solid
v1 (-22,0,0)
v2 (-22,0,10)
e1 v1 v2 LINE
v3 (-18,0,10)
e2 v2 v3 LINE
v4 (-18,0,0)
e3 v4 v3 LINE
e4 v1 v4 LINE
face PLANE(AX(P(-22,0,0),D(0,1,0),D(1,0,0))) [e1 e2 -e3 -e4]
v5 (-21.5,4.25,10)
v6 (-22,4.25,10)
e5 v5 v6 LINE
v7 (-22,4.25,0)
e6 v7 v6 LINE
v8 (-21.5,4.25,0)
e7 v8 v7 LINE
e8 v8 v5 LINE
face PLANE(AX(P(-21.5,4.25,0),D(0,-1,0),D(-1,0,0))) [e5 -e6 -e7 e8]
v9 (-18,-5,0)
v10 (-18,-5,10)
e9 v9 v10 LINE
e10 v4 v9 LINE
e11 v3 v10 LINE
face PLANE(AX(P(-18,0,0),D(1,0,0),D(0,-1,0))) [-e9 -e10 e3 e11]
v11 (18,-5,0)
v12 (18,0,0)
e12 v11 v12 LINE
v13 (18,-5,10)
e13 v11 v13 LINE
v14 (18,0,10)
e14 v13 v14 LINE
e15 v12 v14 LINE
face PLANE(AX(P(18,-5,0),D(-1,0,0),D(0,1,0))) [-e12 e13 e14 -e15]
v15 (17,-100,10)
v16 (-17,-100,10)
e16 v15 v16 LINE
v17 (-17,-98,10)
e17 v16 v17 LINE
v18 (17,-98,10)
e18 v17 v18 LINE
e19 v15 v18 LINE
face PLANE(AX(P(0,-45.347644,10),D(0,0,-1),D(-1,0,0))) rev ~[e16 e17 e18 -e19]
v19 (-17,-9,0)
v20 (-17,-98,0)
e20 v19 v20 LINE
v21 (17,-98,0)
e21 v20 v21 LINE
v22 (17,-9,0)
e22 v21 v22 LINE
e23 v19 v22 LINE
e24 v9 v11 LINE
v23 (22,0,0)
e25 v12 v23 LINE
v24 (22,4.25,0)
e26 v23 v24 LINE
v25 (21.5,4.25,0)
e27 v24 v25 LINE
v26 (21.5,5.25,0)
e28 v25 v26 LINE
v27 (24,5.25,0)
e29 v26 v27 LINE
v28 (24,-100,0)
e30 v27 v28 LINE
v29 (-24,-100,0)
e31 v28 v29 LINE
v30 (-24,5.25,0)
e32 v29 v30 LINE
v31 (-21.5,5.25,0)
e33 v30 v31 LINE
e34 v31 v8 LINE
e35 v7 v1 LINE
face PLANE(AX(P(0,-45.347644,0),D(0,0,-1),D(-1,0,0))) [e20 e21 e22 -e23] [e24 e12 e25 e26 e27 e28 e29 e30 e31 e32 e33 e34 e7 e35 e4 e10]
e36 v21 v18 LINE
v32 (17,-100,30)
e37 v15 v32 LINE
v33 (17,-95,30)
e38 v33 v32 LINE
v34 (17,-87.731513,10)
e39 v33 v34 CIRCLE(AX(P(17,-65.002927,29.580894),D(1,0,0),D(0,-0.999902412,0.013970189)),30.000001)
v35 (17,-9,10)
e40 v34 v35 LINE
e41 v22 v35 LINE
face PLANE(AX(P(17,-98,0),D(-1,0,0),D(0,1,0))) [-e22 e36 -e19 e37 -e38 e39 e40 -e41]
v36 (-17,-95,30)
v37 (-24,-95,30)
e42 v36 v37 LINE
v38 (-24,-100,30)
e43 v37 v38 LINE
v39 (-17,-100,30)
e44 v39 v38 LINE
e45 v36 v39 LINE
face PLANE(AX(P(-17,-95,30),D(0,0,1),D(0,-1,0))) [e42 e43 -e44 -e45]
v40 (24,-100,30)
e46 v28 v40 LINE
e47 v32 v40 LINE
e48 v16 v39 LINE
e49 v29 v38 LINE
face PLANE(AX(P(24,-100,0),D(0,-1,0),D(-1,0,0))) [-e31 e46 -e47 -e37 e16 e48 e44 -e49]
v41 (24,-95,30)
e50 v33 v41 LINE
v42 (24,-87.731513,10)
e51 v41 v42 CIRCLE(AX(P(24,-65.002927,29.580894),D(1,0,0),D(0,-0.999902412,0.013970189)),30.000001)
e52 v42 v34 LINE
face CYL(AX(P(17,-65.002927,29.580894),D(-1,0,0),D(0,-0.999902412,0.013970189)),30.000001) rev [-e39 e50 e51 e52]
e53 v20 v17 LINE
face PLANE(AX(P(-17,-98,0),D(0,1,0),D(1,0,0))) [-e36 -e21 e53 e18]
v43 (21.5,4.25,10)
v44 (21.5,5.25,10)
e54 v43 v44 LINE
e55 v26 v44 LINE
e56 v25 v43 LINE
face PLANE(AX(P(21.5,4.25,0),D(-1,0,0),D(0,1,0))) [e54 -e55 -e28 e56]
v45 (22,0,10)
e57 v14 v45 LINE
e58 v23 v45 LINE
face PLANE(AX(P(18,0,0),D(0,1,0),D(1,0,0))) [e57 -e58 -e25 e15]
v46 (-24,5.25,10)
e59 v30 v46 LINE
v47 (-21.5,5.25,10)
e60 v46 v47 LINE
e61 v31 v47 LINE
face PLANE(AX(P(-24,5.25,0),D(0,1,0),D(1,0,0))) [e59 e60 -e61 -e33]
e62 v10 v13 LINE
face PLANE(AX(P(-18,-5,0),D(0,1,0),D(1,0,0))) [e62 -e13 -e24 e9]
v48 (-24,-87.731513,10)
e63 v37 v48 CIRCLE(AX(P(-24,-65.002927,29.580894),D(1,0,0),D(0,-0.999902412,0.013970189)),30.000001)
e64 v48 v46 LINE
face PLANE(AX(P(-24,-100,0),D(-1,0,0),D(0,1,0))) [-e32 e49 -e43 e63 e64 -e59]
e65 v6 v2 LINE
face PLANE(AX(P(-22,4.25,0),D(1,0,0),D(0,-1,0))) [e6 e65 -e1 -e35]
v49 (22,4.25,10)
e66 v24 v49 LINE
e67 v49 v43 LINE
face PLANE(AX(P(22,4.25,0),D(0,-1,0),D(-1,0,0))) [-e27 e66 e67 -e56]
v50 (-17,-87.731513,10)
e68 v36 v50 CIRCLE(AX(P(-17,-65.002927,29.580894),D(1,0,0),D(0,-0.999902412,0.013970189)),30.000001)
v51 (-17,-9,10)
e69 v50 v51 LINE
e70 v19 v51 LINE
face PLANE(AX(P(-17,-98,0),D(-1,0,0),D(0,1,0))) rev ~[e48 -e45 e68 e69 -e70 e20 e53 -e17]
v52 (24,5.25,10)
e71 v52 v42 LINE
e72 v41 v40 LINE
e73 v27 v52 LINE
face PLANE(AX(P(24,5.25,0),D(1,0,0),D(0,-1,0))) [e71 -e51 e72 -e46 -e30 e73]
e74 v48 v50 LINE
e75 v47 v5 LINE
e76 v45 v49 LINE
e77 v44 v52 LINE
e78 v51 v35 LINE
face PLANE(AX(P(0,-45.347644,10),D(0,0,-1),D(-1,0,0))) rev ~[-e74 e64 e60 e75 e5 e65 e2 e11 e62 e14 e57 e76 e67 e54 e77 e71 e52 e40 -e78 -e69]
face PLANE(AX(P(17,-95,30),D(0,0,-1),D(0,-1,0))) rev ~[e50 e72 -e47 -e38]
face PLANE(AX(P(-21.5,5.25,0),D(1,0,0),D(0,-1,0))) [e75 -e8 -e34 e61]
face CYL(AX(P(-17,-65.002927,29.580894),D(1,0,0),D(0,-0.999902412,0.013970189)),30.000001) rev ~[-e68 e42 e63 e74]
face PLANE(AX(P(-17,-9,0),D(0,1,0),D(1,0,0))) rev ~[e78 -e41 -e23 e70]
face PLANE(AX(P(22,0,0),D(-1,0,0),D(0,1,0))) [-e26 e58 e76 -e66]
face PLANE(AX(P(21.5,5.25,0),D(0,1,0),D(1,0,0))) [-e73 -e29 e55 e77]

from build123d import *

# Parameters (mm, degrees)
SKETCH_W     = 34
SKETCH_H     = 89
PAD_DEPTH    = 10
PAD001_DEPTH = 7
PAD002_DEPTH = 7


with BuildPart() as part:
    # Sketch → Pad (new body)
    with BuildSketch(Plane.XY):
        Polygon((-22, 0), (-18, 0), (-18, -5), (18, -5), (18, 0), (22, 0), (22, 4.25), (21.5, 4.25), (21.5, 5.25), (24, 5.25), (24, -100), (-24, -100), (-24, 5.25), (-21.5, 5.25), (-21.5, 4.25), (-22, 4.25), align=None)
        with Locations((0, -53.5)):
            Rectangle(SKETCH_W, SKETCH_H, mode=Mode.SUBTRACT)
    extrude(amount=PAD_DEPTH)

    # Sketch001 (on DatumPlane) → Pad001 (join)
    with BuildSketch(Plane.YZ.offset(-17)):
        with BuildLine():
            Line((-100, 0), (-100, 30))
            Line((-95, 30), (-100, 30))
            ThreePointArc((-95, 30), (-88.049566, 10.375362), (-70, 0))
            Line((-100, 0), (-70, 0))
        make_face()
    extrude(amount=-PAD001_DEPTH)

    # Sketch002 (on DatumPlane) → Pad002 (join)
    with BuildSketch(Plane.YZ.offset(17)):
        with BuildLine():
            Line((-100, 0), (-100, 30))
            Line((-95, 30), (-100, 30))
            ThreePointArc((-95, 30), (-88.049566, 10.375362), (-70, 0))
            Line((-100, 0), (-70, 0))
        make_face()
    extrude(amount=PAD002_DEPTH)


solid = part.part
